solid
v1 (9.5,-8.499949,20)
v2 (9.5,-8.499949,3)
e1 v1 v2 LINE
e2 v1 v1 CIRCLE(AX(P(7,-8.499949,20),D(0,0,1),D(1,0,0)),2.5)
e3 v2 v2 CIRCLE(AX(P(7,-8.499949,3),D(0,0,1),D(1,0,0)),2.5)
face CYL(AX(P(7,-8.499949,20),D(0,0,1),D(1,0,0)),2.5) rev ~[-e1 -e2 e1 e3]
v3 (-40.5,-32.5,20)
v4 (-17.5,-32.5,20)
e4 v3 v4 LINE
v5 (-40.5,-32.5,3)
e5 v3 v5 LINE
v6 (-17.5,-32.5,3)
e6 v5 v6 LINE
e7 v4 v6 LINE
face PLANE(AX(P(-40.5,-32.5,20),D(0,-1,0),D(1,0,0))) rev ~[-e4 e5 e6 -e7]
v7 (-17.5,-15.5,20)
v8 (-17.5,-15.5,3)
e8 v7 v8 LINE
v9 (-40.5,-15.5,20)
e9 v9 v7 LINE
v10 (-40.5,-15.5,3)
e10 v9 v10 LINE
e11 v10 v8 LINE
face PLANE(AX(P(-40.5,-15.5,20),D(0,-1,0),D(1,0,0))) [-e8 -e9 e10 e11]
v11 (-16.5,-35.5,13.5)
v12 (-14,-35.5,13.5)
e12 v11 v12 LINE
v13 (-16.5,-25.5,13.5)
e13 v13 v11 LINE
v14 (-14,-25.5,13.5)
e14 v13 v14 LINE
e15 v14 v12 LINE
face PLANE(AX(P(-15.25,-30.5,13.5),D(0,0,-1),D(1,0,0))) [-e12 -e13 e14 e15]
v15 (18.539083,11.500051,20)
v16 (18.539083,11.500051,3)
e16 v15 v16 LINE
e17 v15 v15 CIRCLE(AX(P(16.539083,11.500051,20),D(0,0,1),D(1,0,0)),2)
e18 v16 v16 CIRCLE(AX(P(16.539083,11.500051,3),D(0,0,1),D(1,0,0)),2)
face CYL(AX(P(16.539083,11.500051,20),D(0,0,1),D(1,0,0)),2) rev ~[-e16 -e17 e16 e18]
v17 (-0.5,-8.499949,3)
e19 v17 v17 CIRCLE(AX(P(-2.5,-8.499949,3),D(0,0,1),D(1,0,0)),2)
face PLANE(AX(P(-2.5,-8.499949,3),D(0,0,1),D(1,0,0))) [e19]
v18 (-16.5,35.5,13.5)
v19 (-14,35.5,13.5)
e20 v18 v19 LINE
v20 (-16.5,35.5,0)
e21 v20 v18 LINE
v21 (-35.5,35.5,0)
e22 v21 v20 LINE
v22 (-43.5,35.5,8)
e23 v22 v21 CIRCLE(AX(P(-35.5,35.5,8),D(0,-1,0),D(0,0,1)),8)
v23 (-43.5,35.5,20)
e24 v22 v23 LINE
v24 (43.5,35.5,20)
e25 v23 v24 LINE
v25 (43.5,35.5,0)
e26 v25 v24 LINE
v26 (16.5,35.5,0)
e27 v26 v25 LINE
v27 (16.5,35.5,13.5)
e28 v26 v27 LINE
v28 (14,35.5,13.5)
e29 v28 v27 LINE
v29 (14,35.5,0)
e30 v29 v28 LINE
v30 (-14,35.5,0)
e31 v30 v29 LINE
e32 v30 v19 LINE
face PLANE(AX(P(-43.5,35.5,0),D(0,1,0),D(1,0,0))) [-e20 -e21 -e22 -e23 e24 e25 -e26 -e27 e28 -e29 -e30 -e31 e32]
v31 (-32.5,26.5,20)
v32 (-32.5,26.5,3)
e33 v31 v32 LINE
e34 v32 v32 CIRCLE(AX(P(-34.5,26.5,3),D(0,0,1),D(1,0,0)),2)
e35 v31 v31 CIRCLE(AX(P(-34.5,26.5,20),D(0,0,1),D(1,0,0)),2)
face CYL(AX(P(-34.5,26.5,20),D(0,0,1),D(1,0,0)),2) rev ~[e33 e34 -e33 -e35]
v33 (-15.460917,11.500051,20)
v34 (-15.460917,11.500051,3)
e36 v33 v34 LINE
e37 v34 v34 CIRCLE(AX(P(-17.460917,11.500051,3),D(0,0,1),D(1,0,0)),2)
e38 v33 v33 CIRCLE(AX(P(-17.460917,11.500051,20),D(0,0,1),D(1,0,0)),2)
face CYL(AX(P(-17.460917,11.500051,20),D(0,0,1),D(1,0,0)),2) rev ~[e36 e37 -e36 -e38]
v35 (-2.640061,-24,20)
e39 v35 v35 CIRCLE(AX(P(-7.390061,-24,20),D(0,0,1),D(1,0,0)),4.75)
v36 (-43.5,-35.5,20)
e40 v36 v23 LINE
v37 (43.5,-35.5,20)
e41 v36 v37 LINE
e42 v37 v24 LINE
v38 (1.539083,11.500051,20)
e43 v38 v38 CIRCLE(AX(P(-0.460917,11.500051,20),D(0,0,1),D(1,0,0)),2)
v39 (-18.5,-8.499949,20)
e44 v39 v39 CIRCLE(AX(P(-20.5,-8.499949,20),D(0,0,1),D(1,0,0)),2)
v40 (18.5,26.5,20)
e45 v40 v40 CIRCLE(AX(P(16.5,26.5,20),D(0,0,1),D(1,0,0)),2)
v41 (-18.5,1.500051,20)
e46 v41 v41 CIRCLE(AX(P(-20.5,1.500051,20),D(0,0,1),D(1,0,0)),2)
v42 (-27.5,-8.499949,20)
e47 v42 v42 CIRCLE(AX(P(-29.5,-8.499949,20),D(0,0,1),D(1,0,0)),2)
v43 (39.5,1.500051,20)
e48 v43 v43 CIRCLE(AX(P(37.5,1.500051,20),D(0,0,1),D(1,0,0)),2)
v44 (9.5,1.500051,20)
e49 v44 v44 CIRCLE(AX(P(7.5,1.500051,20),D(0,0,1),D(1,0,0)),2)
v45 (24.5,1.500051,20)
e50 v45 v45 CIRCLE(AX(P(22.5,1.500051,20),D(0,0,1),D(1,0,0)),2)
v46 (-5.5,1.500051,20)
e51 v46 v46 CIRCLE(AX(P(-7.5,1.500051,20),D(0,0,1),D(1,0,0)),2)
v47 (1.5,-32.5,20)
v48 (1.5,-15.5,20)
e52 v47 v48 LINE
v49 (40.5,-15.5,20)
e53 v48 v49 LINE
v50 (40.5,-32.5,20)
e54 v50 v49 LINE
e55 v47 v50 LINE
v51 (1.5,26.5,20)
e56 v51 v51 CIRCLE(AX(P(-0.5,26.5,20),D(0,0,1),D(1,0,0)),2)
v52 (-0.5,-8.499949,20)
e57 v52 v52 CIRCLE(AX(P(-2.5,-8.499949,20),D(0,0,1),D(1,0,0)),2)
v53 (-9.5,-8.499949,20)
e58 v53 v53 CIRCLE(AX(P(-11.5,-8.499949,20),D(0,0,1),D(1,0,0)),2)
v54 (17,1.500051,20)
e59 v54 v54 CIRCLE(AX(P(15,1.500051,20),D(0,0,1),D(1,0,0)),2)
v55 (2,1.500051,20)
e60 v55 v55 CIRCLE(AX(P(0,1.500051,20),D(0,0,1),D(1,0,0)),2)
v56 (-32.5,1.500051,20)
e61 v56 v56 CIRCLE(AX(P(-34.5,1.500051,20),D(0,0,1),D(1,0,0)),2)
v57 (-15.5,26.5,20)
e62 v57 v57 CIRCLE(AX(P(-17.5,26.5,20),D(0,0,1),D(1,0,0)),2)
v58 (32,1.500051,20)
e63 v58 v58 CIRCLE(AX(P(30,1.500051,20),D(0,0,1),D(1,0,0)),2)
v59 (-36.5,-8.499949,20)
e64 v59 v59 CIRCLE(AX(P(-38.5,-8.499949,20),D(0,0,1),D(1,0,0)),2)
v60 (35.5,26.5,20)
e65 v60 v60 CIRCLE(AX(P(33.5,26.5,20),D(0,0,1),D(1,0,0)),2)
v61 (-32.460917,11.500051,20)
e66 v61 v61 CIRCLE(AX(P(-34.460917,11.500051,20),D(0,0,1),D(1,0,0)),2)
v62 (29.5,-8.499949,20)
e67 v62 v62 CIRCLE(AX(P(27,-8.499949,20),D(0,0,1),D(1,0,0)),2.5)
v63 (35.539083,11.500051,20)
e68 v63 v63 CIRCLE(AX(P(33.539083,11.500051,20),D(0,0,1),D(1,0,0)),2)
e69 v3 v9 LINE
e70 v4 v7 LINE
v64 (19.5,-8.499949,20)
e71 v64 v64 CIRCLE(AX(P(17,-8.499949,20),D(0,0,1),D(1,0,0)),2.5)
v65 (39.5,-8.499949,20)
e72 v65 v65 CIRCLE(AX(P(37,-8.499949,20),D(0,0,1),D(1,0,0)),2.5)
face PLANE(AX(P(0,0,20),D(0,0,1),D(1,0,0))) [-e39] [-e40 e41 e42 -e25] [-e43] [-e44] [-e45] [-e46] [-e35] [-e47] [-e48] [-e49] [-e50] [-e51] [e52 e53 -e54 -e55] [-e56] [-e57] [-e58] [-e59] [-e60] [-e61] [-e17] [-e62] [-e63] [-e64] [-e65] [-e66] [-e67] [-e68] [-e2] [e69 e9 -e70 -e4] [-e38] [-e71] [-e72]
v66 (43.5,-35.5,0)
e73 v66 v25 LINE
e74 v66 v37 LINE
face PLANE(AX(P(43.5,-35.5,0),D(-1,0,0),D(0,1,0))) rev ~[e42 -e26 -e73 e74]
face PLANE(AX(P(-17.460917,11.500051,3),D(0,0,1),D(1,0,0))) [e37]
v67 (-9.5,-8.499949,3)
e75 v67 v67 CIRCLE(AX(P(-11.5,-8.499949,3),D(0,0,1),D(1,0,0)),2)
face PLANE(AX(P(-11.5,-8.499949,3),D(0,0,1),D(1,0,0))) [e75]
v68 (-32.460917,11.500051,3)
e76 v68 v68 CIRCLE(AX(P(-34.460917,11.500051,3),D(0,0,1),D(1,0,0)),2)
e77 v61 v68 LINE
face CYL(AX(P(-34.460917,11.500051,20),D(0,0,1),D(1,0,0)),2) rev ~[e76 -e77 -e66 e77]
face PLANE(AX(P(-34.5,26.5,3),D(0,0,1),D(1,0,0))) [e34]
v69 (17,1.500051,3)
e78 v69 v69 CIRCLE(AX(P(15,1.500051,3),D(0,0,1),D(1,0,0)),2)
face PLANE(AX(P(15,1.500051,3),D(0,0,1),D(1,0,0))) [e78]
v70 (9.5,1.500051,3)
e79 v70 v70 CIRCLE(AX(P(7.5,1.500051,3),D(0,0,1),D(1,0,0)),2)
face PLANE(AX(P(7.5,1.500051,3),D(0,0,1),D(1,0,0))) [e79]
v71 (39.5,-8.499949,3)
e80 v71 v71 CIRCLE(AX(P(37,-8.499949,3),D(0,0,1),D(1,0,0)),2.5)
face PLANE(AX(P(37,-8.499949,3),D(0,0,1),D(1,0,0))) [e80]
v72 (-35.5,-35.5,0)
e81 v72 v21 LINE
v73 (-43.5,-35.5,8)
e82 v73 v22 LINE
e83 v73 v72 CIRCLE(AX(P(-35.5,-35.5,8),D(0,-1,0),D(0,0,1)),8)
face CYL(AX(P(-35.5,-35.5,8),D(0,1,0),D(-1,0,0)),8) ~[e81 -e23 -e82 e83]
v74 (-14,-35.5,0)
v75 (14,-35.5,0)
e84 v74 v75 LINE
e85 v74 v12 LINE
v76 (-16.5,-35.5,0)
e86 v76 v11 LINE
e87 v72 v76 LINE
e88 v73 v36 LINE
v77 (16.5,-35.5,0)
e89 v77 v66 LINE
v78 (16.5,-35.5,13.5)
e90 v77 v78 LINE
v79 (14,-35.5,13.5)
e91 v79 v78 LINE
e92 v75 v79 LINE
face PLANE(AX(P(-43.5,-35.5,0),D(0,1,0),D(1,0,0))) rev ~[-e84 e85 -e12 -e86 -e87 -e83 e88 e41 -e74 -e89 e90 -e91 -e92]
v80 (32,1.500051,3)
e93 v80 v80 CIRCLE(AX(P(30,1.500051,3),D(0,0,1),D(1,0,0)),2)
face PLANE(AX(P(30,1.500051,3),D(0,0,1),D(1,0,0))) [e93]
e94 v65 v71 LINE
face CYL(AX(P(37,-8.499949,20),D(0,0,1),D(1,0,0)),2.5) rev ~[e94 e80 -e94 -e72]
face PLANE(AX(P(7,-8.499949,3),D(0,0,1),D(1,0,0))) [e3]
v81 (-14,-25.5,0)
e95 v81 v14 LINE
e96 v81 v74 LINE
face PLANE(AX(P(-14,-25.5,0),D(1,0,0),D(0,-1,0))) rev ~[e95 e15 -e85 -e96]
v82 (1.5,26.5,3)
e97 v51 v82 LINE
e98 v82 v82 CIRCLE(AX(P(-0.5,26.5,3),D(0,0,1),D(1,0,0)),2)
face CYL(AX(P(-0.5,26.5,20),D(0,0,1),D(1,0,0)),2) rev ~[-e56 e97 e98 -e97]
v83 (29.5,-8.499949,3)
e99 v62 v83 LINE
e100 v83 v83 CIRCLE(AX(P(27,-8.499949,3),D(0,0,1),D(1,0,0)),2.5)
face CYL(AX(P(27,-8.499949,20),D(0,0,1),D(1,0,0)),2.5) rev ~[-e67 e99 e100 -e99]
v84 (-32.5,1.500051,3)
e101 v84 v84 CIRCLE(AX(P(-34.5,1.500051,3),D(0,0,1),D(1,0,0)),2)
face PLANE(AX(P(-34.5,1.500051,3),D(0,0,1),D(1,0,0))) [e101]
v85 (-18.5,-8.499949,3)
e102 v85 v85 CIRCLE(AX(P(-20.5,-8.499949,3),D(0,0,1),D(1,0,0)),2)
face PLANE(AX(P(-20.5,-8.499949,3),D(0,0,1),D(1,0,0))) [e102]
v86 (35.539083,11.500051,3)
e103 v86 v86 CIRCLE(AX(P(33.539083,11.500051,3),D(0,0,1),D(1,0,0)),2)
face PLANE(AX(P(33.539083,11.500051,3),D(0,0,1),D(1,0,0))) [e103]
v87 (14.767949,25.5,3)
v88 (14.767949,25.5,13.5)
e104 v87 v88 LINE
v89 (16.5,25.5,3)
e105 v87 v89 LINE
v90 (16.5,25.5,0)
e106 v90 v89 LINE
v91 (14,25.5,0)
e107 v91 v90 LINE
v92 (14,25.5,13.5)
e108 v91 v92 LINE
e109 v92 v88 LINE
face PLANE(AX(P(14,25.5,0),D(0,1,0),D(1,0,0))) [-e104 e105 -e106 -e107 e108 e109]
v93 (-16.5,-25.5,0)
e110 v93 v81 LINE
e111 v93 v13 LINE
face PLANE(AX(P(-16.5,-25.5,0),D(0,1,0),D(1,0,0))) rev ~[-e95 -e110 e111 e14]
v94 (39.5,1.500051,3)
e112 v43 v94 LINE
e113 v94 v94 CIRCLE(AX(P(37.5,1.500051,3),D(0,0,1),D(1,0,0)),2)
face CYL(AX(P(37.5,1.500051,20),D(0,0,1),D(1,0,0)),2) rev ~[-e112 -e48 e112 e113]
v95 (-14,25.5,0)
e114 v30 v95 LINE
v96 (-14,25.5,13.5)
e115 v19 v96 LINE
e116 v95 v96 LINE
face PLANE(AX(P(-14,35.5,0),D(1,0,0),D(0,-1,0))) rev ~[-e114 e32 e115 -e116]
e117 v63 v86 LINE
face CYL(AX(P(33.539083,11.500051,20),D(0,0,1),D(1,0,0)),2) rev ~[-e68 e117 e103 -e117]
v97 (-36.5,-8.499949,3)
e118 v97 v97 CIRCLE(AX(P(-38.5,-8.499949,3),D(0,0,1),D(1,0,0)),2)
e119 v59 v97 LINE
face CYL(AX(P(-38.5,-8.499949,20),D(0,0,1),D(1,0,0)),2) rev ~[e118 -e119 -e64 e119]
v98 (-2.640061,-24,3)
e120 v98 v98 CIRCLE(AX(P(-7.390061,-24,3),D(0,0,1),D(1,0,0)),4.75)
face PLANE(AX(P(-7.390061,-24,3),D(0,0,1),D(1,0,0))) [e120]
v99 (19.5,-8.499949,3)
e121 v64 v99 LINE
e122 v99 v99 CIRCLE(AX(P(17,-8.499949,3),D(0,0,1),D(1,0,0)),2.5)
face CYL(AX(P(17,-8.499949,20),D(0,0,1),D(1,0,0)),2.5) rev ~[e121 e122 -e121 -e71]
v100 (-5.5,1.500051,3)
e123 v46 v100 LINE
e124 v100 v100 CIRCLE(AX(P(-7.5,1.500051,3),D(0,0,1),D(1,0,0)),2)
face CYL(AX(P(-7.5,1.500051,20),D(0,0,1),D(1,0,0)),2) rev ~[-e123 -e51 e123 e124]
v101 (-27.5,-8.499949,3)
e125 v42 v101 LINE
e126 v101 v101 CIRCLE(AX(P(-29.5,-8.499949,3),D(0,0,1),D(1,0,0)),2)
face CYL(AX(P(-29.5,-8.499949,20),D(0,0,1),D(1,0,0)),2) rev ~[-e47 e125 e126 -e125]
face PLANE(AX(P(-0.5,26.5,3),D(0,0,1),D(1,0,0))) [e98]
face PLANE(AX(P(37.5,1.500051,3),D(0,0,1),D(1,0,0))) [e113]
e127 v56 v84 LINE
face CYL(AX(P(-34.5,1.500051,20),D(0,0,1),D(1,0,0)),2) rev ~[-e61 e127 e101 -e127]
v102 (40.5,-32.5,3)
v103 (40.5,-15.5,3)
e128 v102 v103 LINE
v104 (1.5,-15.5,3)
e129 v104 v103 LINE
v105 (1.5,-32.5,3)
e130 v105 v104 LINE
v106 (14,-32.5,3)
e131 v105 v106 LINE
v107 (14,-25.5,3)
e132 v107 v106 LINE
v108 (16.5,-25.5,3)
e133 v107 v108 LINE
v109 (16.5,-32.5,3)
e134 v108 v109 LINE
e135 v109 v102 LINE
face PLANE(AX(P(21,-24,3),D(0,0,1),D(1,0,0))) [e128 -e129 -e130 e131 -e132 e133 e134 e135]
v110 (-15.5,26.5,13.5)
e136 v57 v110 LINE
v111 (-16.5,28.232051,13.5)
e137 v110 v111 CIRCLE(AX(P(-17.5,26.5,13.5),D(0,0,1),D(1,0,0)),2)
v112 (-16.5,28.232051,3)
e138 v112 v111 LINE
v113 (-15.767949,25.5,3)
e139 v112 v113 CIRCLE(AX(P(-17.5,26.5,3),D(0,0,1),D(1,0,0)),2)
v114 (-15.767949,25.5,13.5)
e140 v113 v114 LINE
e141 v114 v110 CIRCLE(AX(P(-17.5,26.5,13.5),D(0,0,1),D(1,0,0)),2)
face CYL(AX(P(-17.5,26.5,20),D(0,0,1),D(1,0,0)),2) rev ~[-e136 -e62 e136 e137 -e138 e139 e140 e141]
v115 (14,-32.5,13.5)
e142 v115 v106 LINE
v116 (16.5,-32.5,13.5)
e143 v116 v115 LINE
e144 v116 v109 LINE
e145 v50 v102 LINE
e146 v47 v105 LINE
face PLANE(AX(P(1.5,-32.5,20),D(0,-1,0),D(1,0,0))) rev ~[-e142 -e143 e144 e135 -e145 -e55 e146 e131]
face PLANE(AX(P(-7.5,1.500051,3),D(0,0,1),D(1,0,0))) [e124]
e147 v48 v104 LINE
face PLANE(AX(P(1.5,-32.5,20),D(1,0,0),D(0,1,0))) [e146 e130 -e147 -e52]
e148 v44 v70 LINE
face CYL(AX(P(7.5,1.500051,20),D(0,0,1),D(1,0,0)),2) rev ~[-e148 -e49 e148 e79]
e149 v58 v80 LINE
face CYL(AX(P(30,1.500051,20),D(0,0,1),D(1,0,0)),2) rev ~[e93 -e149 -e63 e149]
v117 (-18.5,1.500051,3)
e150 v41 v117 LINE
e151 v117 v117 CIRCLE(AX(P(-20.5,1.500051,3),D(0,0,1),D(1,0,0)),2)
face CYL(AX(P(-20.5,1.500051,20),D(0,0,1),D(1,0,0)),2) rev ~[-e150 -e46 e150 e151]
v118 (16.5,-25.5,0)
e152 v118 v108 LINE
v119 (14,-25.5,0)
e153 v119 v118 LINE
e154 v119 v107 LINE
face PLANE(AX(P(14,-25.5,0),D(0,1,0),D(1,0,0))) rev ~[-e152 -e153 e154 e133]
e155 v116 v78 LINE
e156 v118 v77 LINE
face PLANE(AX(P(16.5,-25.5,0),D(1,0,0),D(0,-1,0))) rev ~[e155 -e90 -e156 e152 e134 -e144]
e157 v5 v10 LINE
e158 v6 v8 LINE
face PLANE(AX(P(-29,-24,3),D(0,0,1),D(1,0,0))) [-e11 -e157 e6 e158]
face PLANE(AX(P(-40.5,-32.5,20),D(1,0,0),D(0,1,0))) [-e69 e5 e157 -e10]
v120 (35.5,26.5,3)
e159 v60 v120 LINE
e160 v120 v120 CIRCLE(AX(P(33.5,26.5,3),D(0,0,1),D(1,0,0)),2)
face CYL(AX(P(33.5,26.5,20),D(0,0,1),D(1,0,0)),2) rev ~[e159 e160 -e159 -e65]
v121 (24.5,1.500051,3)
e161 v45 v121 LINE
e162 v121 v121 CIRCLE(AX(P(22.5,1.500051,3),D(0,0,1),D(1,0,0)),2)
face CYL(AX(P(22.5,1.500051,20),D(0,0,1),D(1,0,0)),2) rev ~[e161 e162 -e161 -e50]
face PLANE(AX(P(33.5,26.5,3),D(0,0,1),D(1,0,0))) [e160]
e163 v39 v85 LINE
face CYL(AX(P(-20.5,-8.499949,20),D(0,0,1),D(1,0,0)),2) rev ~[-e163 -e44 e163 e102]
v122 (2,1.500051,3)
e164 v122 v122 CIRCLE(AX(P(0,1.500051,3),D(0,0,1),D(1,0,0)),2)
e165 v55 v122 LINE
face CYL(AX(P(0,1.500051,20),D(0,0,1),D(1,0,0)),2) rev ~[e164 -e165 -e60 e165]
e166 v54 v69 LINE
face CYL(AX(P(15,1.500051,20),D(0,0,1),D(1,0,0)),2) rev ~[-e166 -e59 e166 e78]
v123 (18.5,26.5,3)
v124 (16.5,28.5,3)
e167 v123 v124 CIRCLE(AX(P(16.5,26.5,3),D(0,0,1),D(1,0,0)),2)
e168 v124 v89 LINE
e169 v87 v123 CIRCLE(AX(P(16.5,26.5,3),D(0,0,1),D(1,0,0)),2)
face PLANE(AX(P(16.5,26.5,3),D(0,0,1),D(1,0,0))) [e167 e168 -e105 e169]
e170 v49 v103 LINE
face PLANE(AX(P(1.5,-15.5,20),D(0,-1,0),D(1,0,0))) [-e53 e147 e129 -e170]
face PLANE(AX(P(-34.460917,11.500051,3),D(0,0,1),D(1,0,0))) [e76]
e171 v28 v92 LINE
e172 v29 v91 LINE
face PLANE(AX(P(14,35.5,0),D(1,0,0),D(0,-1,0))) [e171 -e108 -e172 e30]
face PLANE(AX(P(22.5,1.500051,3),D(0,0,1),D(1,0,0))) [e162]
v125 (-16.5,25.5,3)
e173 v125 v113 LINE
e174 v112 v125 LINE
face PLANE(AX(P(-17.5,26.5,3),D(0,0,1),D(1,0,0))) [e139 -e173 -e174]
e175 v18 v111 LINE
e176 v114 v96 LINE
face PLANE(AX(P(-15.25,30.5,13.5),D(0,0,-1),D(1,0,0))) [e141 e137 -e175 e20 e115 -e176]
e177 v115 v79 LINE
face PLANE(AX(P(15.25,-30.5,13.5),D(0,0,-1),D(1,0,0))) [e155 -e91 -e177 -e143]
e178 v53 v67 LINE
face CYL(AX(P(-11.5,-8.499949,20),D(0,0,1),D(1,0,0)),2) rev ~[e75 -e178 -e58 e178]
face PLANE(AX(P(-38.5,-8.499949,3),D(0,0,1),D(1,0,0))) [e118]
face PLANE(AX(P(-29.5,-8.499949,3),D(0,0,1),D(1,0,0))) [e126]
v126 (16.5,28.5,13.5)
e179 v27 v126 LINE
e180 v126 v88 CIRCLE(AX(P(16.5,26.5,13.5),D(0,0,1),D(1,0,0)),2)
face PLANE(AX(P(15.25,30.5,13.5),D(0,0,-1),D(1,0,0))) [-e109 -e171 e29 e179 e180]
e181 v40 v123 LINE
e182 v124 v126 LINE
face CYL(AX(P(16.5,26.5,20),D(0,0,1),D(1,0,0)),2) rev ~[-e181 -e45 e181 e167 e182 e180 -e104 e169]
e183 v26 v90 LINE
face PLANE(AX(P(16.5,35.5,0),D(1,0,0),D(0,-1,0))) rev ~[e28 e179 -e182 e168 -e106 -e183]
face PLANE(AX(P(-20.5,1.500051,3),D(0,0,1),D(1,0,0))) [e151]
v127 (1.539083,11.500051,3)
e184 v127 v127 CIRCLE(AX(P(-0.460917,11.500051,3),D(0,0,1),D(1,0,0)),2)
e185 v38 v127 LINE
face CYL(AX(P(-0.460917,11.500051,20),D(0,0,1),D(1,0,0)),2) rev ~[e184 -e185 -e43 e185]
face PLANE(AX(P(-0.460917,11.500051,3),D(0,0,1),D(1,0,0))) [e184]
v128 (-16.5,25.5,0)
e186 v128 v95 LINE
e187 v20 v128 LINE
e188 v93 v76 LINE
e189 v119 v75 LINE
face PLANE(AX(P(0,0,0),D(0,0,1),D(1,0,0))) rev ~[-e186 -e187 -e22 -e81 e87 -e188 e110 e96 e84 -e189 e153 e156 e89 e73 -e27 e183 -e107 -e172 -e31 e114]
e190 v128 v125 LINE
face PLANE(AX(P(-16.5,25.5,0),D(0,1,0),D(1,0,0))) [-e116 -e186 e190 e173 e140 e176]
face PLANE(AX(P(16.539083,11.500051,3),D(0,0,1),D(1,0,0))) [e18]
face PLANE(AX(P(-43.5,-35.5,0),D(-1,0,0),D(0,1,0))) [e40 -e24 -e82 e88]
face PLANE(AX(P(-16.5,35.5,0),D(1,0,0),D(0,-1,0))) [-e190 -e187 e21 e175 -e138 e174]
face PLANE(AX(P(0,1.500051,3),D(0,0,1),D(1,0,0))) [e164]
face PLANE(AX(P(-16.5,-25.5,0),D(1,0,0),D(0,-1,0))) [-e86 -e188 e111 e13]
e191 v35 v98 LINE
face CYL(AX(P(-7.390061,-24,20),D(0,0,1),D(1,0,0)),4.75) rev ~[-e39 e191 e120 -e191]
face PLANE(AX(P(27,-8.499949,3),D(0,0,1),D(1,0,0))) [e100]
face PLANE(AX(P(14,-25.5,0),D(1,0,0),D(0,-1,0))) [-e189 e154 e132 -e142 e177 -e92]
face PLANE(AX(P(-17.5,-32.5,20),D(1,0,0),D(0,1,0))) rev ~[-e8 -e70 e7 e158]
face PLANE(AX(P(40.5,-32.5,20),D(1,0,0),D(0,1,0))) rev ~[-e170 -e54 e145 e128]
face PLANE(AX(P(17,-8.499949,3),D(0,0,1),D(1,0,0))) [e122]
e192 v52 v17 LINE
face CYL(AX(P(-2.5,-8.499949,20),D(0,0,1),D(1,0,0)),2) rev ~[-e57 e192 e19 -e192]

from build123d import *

# Parameters (mm, degrees)
F0_W     = 87
F0_H     = 71
F1_DEPTH = 20
F2_W     = 2.5
F2_H     = 10
F3_DEPTH = 13.5
F4_R     = 8
F5_W     = 23
F5_H     = 17
F5_W_2   = 39
F5_R     = 4.75
F5_R_2   = 2
F5_R_3   = 2.5
F6_DEPTH = 17


with BuildPart() as f1:
    # F0 (on Top) → F1 (new body)
    with BuildSketch(Plane.XY):
        Rectangle(F0_W, F0_H)
    extrude(amount=F1_DEPTH)

    # F2 (on face) → F3 (cut)
    with BuildSketch(Plane(origin=(0, 0, 0), x_dir=(1, 0, 0), z_dir=(0, 0, -1))):
        with Locations((-15.25, 30.5)):
            Rectangle(F2_W, F2_H)
        with Locations((15.25, 30.5)):
            Rectangle(F2_W, F2_H)
        with Locations((-15.25, -30.5)):
            Rectangle(F2_W, F2_H)
        with Locations((15.25, -30.5)):
            Rectangle(F2_W, F2_H)
    extrude(amount=-F3_DEPTH, mode=Mode.SUBTRACT)

    # F4
    f4_edges = [f1.edges().sort_by_distance(p)[0] for p in [
        (-43.5, 0, 0),
    ]]
    fillet(f4_edges, radius=F4_R)

    # F5 (on face) → F6 (cut)
    with BuildSketch(Plane.XY.offset(20)):
        with Locations((-29, -24)):
            Rectangle(F5_W, F5_H)
        with Locations((21, -24)):
            Rectangle(F5_W_2, F5_H)
        with Locations((-7.390061, -24)):
            Circle(F5_R)
        with Locations((-38.5, -8.499949)):
            Circle(F5_R_2)
        with Locations((-29.5, -8.499949)):
            Circle(F5_R_2)
        with Locations((-20.5, -8.499949)):
            Circle(F5_R_2)
        with Locations((-11.5, -8.499949)):
            Circle(F5_R_2)
        with Locations((-2.5, -8.499949)):
            Circle(F5_R_2)
        with Locations((7, -8.499949)):
            Circle(F5_R_3)
        with Locations((17, -8.499949)):
            Circle(F5_R_3)
        with Locations((27, -8.499949)):
            Circle(F5_R_3)
        with Locations((37, -8.499949)):
            Circle(F5_R_3)
        with Locations((37.5, 1.500051)):
            Circle(F5_R_2)
        with Locations((30, 1.500051)):
            Circle(F5_R_2)
        with Locations((22.5, 1.500051)):
            Circle(F5_R_2)
        with Locations((15, 1.500051)):
            Circle(F5_R_2)
        with Locations((7.5, 1.500051)):
            Circle(F5_R_2)
        with Locations((0, 1.500051)):
            Circle(F5_R_2)
        with Locations((-7.5, 1.500051)):
            Circle(F5_R_2)
        with Locations((-20.5, 1.500051)):
            Circle(F5_R_2)
        with Locations((-34.5, 1.500051)):
            Circle(F5_R_2)
        with Locations((-34.460917, 11.500051)):
            Circle(F5_R_2)
        with Locations((-34.5, 26.5)):
            Circle(F5_R_2)
        with Locations((-17.5, 26.5)):
            Circle(F5_R_2)
        with Locations((-17.460917, 11.500051)):
            Circle(F5_R_2)
        with Locations((-0.460917, 11.500051)):
            Circle(F5_R_2)
        with Locations((-0.5, 26.5)):
            Circle(F5_R_2)
        with Locations((16.5, 26.5)):
            Circle(F5_R_2)
        with Locations((16.539083, 11.500051)):
            Circle(F5_R_2)
        with Locations((33.539083, 11.500051)):
            Circle(F5_R_2)
        with Locations((33.5, 26.5)):
            Circle(F5_R_2)
    extrude(amount=-F6_DEPTH, mode=Mode.SUBTRACT)


solid = f1.part
